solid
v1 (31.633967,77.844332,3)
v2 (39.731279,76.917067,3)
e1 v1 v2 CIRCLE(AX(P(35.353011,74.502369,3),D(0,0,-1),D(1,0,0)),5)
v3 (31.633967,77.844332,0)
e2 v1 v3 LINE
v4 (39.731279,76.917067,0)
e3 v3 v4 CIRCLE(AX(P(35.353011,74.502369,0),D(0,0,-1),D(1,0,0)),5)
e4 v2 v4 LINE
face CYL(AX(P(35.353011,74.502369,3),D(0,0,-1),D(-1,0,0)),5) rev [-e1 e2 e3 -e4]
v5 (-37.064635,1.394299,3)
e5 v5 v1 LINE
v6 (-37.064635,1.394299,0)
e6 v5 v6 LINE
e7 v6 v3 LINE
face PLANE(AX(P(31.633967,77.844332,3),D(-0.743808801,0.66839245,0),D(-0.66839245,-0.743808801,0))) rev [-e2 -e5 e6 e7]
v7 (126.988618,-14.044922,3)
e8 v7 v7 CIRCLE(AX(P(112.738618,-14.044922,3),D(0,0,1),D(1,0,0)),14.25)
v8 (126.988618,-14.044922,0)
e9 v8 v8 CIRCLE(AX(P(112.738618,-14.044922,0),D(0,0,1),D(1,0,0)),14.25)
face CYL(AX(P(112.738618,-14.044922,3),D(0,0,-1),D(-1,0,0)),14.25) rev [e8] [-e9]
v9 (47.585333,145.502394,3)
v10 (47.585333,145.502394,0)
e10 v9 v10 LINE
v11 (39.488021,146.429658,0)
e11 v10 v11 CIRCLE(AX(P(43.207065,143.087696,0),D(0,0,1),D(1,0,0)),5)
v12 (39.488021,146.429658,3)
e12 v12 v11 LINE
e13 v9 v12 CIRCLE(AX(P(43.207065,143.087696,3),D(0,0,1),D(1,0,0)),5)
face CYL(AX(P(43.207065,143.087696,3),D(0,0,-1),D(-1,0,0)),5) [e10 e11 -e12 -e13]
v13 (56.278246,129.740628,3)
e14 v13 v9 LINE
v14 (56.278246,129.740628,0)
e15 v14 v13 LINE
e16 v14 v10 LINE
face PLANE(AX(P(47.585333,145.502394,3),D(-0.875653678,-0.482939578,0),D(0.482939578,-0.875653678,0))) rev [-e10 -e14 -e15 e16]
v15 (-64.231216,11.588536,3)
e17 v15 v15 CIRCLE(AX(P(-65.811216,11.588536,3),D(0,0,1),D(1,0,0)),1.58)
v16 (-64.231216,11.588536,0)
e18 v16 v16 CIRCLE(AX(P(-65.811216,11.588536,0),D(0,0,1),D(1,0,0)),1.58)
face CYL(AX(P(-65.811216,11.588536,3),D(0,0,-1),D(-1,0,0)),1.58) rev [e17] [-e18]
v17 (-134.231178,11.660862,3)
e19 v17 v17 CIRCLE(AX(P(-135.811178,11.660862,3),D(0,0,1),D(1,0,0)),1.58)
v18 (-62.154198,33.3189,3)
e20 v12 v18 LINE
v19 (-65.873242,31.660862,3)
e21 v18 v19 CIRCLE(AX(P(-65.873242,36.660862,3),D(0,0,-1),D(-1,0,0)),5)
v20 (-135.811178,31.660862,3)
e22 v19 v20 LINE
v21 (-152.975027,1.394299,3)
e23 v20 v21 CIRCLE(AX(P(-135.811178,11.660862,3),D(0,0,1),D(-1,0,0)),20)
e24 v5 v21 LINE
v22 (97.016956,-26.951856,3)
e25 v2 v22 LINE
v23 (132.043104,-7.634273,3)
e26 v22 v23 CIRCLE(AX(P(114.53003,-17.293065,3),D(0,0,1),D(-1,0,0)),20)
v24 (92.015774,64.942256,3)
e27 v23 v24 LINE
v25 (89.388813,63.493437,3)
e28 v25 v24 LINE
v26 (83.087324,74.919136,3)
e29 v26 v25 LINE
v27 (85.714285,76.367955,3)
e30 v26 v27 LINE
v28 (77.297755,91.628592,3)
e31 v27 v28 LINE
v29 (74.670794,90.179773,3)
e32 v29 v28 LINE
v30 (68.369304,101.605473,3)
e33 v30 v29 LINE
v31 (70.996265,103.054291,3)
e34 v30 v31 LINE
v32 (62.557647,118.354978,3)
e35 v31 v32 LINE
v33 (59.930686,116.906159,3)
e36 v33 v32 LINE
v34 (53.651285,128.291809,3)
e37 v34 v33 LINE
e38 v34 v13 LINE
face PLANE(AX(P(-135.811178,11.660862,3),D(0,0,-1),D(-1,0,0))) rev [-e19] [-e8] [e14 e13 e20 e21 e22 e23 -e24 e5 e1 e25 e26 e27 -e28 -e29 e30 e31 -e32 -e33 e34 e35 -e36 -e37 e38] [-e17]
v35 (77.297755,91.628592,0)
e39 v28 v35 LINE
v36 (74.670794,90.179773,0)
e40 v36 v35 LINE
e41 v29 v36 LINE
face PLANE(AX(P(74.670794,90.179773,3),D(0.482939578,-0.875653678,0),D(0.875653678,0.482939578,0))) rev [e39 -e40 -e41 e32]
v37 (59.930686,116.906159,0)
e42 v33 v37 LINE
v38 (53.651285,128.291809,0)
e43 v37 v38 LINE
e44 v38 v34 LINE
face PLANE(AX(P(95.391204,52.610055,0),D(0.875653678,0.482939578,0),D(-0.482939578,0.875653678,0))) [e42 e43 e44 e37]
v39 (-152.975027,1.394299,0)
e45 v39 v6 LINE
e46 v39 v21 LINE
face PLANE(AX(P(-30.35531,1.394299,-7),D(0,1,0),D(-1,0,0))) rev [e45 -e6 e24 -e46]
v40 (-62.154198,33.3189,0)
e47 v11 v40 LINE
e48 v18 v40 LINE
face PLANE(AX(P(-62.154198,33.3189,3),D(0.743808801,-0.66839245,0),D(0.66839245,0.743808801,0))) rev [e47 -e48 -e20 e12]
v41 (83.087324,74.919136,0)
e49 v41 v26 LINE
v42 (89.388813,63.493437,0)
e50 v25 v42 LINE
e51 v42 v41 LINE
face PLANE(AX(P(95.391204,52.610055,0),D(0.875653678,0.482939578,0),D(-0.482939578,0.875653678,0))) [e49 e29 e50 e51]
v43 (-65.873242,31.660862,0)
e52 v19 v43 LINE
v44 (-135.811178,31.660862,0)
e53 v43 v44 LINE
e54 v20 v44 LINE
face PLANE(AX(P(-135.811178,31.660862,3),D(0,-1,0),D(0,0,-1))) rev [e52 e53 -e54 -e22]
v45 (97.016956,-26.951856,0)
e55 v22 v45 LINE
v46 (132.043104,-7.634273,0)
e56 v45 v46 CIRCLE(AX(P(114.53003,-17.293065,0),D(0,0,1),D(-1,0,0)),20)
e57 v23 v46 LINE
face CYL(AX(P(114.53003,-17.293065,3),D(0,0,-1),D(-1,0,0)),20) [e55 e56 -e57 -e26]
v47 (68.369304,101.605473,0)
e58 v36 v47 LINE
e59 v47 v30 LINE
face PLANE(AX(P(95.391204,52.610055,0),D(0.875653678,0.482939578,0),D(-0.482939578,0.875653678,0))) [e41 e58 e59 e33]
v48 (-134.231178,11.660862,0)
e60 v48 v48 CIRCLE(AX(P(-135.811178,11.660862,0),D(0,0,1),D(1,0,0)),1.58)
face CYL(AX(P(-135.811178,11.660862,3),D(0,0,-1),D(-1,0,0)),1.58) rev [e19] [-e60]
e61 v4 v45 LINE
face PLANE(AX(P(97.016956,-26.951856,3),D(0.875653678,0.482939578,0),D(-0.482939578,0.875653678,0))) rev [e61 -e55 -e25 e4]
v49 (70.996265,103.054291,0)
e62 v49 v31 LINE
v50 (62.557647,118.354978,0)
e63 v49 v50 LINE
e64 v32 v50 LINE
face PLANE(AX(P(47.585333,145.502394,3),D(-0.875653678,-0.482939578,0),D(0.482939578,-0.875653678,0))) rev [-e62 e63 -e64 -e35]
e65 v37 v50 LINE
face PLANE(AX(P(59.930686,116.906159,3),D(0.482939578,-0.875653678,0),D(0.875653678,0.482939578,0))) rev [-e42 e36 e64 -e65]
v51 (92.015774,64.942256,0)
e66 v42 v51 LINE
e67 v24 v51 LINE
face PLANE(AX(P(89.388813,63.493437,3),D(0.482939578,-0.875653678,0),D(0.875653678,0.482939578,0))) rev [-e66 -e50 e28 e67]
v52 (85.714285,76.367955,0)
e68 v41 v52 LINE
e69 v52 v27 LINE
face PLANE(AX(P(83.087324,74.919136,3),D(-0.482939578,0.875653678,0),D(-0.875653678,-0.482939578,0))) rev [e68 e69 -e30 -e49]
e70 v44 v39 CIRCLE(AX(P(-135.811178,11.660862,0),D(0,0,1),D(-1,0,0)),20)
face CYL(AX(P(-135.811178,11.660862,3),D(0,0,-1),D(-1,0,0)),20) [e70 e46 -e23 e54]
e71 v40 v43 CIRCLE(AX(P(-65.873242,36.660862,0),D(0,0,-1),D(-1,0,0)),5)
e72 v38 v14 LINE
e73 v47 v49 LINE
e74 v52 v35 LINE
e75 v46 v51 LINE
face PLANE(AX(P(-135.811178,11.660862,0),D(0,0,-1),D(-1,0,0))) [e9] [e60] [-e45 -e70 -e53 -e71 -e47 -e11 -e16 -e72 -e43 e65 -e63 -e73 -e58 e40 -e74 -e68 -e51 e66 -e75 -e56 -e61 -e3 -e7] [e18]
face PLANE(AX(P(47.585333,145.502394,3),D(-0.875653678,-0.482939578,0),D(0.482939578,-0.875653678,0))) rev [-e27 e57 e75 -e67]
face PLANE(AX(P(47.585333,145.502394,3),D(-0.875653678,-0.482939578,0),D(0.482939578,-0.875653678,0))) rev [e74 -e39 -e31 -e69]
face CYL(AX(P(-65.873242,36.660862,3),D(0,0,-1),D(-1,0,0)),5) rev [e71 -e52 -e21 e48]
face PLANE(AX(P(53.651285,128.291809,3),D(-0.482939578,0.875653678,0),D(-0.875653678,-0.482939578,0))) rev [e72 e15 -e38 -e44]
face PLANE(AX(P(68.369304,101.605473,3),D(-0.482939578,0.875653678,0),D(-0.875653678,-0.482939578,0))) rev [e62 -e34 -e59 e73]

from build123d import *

# Parameters (mm, degrees)
CROQUIS1_R              = 1.58
CROQUIS1_R_2            = 14.25
SALIENTE_EXTRUIR1_DEPTH = 3
CROQUIS3_W              = 3
CROQUIS3_H              = 13.002457907
CROQUIS3_H_2            = 13.048194377
CROQUIS3_H_3            = 13.048194378
CORTAR_EXTRUIR1_DEPTH   = 3
CROQUIS4_W              = 144.23908533
CROQUIS4_H              = 10
CORTAR_EXTRUIR2_DEPTH   = 10


with BuildPart() as part:
    # Croquis1 → Saliente-Extruir1 (new body)
    with BuildSketch(Plane.XY):
        with BuildLine():
            Line((-135.811178416, 31.660861846), (-65.873242367, 31.660861846))
            ThreePointArc((-65.873242367, 31.660861846), (-63.837291884, 32.094144685), (-62.154198363, 33.318899594))
            Line((-62.154198363, 33.318899594), (39.488020824, 146.429658271))
            ThreePointArc((39.488020824, 146.429658271), (43.775922453, 148.055230719), (47.585333219, 145.502393908))
            Line((47.585333219, 145.502393908), (132.043103592, -7.634273033))
            ThreePointArc((132.043103592, -7.634273033), (124.188821584, -34.806138154), (97.016956463, -26.951856146))
            Line((97.016956463, -26.951856146), (39.731279169, 76.917067288))
            ThreePointArc((39.731279169, 76.917067288), (35.921868403, 79.4699041), (31.633966774, 77.844331652))
            Line((31.633966774, 77.844331652), (-44.321252629, -6.681100406))
            ThreePointArc((-44.321252629, -6.681100406), (-46.00434615, -7.905855315), (-48.040296633, -8.339138154))
            Line((-48.040296633, -8.339138154), (-135.811178416, -8.339138154))
            ThreePointArc((-135.811178416, -8.339138154), (-155.811178416, 11.660861846), (-135.811178416, 31.660861846))
        make_face()
        with Locations((-135.811178416, 11.660861846)):
            Circle(CROQUIS1_R, mode=Mode.SUBTRACT)
        with Locations((-65.81121578, 11.5885363)):
            Circle(CROQUIS1_R, mode=Mode.SUBTRACT)
        with Locations((112.738617641, -14.044921514)):
            Circle(CROQUIS1_R_2, mode=Mode.SUBTRACT)
    extrude(amount=SALIENTE_EXTRUIR1_DEPTH)

    # Croquis3 → Cortar-Extruir1 (cut)
    with BuildSketch(Plane(origin=(98.018165522, 54.058873563, 0), x_dir=(0, 0, -1), z_dir=(0.875653678217041, 0.4829395778200074, 0))):
        with Locations((-1.5, 79.927636726)):
            Rectangle(CROQUIS3_W, CROQUIS3_H)
        with Locations((-1.5, 49.42886568)):
            Rectangle(CROQUIS3_W, CROQUIS3_H_2)
        with Locations((-1.5, 18.952962868)):
            Rectangle(CROQUIS3_W, CROQUIS3_H_3)
    extrude(amount=-CORTAR_EXTRUIR1_DEPTH, mode=Mode.SUBTRACT)

    # Croquis4 → Cortar-Extruir2 (cut)
    with BuildSketch(Plane.XY.offset(3)):
        with Locations((-102.474853033, -3.605700694)):
            Rectangle(CROQUIS4_W, CROQUIS4_H)
    extrude(amount=-CORTAR_EXTRUIR2_DEPTH, mode=Mode.SUBTRACT)


solid = part.part
